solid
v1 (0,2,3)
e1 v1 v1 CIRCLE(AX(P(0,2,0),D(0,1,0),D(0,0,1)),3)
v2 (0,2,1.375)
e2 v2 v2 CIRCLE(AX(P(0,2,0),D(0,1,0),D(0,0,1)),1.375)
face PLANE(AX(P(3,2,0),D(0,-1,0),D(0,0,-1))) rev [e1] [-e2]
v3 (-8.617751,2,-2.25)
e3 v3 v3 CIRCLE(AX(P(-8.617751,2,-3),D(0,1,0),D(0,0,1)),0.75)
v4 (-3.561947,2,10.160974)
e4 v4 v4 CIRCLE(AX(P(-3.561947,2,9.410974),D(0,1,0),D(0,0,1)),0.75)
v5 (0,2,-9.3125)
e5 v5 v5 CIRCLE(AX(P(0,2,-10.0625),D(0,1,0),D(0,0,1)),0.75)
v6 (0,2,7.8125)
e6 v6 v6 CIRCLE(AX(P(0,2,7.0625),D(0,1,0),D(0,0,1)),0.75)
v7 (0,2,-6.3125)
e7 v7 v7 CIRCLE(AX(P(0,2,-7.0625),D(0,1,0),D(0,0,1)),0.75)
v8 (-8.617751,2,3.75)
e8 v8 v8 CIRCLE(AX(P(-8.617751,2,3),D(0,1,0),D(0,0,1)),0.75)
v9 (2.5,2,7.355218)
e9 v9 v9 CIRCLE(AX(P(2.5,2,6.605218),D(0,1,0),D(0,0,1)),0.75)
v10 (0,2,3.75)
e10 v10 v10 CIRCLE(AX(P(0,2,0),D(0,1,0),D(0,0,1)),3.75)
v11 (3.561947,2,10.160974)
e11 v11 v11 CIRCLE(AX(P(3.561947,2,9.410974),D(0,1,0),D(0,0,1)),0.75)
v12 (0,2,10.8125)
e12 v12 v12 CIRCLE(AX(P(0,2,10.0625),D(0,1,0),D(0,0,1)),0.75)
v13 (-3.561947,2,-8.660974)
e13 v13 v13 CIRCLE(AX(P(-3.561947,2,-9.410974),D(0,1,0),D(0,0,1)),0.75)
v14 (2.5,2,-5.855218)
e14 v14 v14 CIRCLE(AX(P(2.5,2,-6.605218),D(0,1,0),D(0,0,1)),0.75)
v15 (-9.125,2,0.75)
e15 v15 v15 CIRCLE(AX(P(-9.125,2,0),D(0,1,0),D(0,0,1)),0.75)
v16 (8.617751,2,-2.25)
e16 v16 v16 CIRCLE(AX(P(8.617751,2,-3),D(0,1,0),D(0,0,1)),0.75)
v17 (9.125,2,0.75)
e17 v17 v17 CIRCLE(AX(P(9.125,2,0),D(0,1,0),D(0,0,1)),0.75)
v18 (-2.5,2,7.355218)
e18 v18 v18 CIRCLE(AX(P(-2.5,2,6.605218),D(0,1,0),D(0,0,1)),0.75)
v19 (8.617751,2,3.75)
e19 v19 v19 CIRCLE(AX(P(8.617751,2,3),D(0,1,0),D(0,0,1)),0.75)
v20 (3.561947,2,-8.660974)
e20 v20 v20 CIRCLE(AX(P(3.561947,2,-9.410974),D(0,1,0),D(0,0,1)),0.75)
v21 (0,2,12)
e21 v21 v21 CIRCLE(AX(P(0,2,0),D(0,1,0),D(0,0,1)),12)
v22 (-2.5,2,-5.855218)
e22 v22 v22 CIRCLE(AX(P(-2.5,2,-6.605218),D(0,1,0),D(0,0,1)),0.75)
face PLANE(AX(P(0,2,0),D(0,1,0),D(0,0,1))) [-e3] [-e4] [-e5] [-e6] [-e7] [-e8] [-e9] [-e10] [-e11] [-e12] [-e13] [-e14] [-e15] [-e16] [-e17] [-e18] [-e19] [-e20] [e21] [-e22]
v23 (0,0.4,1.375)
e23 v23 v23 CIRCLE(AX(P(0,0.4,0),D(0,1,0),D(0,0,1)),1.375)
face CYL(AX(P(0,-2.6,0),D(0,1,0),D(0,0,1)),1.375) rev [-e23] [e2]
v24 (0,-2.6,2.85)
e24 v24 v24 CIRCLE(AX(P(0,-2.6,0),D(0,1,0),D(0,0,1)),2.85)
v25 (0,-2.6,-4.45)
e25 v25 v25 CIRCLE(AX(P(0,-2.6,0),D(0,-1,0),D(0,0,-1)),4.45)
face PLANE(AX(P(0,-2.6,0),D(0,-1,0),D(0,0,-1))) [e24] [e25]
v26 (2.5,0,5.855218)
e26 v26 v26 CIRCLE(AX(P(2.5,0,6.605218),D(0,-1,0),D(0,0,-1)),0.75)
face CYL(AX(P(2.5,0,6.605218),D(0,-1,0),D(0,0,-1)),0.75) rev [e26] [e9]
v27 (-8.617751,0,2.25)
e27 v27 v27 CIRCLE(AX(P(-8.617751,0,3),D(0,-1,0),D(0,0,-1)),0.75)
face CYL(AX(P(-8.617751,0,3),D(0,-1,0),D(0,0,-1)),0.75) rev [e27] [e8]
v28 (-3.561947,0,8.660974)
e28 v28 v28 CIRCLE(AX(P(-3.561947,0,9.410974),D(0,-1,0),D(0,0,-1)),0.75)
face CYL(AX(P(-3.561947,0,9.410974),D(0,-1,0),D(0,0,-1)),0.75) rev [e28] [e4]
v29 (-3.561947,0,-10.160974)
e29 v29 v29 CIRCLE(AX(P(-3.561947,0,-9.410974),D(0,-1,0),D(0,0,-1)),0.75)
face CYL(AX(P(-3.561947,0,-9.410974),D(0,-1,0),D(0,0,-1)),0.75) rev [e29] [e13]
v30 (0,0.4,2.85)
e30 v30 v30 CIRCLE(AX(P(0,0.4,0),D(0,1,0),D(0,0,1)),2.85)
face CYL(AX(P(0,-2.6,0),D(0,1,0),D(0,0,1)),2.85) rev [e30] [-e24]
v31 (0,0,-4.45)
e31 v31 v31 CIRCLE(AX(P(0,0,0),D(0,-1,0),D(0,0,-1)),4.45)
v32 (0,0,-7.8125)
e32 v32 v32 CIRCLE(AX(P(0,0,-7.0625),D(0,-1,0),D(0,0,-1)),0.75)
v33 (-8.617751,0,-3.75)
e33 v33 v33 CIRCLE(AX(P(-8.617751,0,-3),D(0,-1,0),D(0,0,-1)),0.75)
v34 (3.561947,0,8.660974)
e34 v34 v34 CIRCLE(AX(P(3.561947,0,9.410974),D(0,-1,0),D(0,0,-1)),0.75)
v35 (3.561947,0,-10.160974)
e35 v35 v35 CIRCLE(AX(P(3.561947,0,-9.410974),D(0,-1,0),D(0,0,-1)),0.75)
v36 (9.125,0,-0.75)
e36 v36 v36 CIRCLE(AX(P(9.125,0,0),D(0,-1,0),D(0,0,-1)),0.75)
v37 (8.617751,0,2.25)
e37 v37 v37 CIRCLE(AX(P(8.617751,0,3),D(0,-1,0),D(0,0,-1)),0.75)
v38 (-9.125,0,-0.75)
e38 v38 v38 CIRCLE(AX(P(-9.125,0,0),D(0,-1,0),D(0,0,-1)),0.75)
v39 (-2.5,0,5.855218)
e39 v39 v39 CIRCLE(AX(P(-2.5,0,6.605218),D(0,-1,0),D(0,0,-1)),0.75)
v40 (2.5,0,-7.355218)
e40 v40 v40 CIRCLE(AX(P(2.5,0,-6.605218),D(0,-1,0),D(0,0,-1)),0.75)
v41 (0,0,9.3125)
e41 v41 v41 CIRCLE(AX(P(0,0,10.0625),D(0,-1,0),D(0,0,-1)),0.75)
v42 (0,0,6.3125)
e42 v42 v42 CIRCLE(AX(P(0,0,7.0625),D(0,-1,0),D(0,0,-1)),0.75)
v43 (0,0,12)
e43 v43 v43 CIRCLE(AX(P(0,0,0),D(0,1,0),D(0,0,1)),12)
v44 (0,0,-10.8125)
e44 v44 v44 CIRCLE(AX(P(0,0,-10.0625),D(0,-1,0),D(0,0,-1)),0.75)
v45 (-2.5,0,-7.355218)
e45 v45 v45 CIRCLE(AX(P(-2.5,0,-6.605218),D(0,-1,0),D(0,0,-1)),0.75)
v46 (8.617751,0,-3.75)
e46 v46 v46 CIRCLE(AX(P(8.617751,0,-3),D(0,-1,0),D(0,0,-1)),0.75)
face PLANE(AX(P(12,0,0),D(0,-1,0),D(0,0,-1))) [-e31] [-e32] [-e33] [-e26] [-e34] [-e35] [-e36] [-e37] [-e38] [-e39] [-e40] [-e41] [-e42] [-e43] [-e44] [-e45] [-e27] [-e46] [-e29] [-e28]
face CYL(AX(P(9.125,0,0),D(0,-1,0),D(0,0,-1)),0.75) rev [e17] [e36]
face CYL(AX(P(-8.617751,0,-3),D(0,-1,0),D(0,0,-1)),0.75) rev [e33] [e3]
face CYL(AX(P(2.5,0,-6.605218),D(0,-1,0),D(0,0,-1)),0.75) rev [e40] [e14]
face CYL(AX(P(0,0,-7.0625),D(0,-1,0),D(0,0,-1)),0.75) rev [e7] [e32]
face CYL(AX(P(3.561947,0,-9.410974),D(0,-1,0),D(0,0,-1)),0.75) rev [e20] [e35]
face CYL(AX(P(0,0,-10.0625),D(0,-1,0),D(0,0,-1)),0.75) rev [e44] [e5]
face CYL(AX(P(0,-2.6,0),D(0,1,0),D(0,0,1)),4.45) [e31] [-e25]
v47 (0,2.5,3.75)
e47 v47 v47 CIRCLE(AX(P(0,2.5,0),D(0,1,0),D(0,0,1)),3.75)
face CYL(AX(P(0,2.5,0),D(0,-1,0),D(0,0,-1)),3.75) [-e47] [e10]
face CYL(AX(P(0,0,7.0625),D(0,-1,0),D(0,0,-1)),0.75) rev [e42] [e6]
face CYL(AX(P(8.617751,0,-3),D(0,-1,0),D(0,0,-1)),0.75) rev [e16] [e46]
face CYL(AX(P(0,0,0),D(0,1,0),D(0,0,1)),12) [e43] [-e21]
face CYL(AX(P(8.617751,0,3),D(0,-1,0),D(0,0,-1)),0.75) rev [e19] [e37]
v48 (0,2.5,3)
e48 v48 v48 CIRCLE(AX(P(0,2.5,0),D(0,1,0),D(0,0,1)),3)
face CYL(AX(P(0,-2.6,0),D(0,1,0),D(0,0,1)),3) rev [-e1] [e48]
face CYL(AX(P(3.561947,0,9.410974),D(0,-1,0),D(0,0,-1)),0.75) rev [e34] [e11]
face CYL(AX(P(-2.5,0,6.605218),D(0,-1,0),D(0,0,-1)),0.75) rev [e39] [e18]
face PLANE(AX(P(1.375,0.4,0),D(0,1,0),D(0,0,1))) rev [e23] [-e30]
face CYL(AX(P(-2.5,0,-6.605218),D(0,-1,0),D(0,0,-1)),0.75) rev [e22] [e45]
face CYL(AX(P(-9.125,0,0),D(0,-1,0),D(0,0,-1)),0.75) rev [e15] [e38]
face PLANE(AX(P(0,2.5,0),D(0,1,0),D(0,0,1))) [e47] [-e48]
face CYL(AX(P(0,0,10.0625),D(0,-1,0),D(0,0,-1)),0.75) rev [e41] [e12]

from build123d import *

# Parameters (mm, degrees)
SKETCH1_W                      = 12
SKETCH1_H                      = 2
SKETCH2_R                      = 4.45
BOSS_EXTRUDE1_DEPTH            = 2.6
SKETCH3_R                      = 3.75
BOSS_EXTRUDE2_DEPTH            = 0.5
F_1_5_1_5_DIAMETER_HOLE1_D     = 1.5
F_1_5_1_5_DIAMETER_HOLE1_DEPTH = 2.5


with BuildPart() as part:
    # Sketch1 → Revolve1 (revolve)
    with BuildSketch(Plane(origin=(0, 0, 0), x_dir=(-1, 0, 0), z_dir=(0, 0, -1))):
        with Locations((-6, 1)):
            Rectangle(SKETCH1_W, SKETCH1_H)
    revolve(axis=Axis((0, 0, 0), (0, 1, 0)))

    # Sketch2 → Boss-Extrude1 (add)
    with BuildSketch(Plane.XZ):
        Circle(SKETCH2_R)
    extrude(amount=BOSS_EXTRUDE1_DEPTH)

    # Sketch3 → Boss-Extrude2 (add)
    with BuildSketch(Plane(origin=(0, 2, 0), x_dir=(-1, 0, 0), z_dir=(0, 1, 0))):
        Circle(SKETCH3_R)
    extrude(amount=BOSS_EXTRUDE2_DEPTH)

    # Sketch4 → Cut-Revolve1 (revolve, cut)
    with BuildSketch(Plane(origin=(0, 0, 0), x_dir=(-1, 0, 0), z_dir=(0, 0, -1))):
        Polygon((-2.85, -2.6), (0, -2.6), (0, 2.5), (-3, 2.5), (-3, 2), (-1.375, 2), (-1.375, 0.4), (-2.85, 0.4), align=None)
    revolve(axis=Axis((0, -2.6, 0), (0, 1, 0)), mode=Mode.SUBTRACT)

    # Ø1.5 (1.5) Diameter Hole1
    with Locations(Plane(origin=(0, 0, 0), x_dir=(-1, 0, 0), z_dir=(0, -1, 0))):
        with Locations((-9.125, 0), (9.125, 0), (-8.617750577, -3), (-8.617750577, 3), (8.617750577, -3), (8.617750577, 3), (0, 7.0625), (0, -7.0625), (-2.5, 6.605218108), (2.5, 6.605218108), (-2.5, -6.605218108), (2.5, -6.605218108), (0, 10.0625), (0, -10.0625), (-3.561946903, 9.410974472), (3.561946903, 9.410974472), (-3.561946903, -9.410974472), (3.561946903, -9.410974472)):
            Hole(F_1_5_1_5_DIAMETER_HOLE1_D / 2, depth=F_1_5_1_5_DIAMETER_HOLE1_DEPTH)


solid = part.part
